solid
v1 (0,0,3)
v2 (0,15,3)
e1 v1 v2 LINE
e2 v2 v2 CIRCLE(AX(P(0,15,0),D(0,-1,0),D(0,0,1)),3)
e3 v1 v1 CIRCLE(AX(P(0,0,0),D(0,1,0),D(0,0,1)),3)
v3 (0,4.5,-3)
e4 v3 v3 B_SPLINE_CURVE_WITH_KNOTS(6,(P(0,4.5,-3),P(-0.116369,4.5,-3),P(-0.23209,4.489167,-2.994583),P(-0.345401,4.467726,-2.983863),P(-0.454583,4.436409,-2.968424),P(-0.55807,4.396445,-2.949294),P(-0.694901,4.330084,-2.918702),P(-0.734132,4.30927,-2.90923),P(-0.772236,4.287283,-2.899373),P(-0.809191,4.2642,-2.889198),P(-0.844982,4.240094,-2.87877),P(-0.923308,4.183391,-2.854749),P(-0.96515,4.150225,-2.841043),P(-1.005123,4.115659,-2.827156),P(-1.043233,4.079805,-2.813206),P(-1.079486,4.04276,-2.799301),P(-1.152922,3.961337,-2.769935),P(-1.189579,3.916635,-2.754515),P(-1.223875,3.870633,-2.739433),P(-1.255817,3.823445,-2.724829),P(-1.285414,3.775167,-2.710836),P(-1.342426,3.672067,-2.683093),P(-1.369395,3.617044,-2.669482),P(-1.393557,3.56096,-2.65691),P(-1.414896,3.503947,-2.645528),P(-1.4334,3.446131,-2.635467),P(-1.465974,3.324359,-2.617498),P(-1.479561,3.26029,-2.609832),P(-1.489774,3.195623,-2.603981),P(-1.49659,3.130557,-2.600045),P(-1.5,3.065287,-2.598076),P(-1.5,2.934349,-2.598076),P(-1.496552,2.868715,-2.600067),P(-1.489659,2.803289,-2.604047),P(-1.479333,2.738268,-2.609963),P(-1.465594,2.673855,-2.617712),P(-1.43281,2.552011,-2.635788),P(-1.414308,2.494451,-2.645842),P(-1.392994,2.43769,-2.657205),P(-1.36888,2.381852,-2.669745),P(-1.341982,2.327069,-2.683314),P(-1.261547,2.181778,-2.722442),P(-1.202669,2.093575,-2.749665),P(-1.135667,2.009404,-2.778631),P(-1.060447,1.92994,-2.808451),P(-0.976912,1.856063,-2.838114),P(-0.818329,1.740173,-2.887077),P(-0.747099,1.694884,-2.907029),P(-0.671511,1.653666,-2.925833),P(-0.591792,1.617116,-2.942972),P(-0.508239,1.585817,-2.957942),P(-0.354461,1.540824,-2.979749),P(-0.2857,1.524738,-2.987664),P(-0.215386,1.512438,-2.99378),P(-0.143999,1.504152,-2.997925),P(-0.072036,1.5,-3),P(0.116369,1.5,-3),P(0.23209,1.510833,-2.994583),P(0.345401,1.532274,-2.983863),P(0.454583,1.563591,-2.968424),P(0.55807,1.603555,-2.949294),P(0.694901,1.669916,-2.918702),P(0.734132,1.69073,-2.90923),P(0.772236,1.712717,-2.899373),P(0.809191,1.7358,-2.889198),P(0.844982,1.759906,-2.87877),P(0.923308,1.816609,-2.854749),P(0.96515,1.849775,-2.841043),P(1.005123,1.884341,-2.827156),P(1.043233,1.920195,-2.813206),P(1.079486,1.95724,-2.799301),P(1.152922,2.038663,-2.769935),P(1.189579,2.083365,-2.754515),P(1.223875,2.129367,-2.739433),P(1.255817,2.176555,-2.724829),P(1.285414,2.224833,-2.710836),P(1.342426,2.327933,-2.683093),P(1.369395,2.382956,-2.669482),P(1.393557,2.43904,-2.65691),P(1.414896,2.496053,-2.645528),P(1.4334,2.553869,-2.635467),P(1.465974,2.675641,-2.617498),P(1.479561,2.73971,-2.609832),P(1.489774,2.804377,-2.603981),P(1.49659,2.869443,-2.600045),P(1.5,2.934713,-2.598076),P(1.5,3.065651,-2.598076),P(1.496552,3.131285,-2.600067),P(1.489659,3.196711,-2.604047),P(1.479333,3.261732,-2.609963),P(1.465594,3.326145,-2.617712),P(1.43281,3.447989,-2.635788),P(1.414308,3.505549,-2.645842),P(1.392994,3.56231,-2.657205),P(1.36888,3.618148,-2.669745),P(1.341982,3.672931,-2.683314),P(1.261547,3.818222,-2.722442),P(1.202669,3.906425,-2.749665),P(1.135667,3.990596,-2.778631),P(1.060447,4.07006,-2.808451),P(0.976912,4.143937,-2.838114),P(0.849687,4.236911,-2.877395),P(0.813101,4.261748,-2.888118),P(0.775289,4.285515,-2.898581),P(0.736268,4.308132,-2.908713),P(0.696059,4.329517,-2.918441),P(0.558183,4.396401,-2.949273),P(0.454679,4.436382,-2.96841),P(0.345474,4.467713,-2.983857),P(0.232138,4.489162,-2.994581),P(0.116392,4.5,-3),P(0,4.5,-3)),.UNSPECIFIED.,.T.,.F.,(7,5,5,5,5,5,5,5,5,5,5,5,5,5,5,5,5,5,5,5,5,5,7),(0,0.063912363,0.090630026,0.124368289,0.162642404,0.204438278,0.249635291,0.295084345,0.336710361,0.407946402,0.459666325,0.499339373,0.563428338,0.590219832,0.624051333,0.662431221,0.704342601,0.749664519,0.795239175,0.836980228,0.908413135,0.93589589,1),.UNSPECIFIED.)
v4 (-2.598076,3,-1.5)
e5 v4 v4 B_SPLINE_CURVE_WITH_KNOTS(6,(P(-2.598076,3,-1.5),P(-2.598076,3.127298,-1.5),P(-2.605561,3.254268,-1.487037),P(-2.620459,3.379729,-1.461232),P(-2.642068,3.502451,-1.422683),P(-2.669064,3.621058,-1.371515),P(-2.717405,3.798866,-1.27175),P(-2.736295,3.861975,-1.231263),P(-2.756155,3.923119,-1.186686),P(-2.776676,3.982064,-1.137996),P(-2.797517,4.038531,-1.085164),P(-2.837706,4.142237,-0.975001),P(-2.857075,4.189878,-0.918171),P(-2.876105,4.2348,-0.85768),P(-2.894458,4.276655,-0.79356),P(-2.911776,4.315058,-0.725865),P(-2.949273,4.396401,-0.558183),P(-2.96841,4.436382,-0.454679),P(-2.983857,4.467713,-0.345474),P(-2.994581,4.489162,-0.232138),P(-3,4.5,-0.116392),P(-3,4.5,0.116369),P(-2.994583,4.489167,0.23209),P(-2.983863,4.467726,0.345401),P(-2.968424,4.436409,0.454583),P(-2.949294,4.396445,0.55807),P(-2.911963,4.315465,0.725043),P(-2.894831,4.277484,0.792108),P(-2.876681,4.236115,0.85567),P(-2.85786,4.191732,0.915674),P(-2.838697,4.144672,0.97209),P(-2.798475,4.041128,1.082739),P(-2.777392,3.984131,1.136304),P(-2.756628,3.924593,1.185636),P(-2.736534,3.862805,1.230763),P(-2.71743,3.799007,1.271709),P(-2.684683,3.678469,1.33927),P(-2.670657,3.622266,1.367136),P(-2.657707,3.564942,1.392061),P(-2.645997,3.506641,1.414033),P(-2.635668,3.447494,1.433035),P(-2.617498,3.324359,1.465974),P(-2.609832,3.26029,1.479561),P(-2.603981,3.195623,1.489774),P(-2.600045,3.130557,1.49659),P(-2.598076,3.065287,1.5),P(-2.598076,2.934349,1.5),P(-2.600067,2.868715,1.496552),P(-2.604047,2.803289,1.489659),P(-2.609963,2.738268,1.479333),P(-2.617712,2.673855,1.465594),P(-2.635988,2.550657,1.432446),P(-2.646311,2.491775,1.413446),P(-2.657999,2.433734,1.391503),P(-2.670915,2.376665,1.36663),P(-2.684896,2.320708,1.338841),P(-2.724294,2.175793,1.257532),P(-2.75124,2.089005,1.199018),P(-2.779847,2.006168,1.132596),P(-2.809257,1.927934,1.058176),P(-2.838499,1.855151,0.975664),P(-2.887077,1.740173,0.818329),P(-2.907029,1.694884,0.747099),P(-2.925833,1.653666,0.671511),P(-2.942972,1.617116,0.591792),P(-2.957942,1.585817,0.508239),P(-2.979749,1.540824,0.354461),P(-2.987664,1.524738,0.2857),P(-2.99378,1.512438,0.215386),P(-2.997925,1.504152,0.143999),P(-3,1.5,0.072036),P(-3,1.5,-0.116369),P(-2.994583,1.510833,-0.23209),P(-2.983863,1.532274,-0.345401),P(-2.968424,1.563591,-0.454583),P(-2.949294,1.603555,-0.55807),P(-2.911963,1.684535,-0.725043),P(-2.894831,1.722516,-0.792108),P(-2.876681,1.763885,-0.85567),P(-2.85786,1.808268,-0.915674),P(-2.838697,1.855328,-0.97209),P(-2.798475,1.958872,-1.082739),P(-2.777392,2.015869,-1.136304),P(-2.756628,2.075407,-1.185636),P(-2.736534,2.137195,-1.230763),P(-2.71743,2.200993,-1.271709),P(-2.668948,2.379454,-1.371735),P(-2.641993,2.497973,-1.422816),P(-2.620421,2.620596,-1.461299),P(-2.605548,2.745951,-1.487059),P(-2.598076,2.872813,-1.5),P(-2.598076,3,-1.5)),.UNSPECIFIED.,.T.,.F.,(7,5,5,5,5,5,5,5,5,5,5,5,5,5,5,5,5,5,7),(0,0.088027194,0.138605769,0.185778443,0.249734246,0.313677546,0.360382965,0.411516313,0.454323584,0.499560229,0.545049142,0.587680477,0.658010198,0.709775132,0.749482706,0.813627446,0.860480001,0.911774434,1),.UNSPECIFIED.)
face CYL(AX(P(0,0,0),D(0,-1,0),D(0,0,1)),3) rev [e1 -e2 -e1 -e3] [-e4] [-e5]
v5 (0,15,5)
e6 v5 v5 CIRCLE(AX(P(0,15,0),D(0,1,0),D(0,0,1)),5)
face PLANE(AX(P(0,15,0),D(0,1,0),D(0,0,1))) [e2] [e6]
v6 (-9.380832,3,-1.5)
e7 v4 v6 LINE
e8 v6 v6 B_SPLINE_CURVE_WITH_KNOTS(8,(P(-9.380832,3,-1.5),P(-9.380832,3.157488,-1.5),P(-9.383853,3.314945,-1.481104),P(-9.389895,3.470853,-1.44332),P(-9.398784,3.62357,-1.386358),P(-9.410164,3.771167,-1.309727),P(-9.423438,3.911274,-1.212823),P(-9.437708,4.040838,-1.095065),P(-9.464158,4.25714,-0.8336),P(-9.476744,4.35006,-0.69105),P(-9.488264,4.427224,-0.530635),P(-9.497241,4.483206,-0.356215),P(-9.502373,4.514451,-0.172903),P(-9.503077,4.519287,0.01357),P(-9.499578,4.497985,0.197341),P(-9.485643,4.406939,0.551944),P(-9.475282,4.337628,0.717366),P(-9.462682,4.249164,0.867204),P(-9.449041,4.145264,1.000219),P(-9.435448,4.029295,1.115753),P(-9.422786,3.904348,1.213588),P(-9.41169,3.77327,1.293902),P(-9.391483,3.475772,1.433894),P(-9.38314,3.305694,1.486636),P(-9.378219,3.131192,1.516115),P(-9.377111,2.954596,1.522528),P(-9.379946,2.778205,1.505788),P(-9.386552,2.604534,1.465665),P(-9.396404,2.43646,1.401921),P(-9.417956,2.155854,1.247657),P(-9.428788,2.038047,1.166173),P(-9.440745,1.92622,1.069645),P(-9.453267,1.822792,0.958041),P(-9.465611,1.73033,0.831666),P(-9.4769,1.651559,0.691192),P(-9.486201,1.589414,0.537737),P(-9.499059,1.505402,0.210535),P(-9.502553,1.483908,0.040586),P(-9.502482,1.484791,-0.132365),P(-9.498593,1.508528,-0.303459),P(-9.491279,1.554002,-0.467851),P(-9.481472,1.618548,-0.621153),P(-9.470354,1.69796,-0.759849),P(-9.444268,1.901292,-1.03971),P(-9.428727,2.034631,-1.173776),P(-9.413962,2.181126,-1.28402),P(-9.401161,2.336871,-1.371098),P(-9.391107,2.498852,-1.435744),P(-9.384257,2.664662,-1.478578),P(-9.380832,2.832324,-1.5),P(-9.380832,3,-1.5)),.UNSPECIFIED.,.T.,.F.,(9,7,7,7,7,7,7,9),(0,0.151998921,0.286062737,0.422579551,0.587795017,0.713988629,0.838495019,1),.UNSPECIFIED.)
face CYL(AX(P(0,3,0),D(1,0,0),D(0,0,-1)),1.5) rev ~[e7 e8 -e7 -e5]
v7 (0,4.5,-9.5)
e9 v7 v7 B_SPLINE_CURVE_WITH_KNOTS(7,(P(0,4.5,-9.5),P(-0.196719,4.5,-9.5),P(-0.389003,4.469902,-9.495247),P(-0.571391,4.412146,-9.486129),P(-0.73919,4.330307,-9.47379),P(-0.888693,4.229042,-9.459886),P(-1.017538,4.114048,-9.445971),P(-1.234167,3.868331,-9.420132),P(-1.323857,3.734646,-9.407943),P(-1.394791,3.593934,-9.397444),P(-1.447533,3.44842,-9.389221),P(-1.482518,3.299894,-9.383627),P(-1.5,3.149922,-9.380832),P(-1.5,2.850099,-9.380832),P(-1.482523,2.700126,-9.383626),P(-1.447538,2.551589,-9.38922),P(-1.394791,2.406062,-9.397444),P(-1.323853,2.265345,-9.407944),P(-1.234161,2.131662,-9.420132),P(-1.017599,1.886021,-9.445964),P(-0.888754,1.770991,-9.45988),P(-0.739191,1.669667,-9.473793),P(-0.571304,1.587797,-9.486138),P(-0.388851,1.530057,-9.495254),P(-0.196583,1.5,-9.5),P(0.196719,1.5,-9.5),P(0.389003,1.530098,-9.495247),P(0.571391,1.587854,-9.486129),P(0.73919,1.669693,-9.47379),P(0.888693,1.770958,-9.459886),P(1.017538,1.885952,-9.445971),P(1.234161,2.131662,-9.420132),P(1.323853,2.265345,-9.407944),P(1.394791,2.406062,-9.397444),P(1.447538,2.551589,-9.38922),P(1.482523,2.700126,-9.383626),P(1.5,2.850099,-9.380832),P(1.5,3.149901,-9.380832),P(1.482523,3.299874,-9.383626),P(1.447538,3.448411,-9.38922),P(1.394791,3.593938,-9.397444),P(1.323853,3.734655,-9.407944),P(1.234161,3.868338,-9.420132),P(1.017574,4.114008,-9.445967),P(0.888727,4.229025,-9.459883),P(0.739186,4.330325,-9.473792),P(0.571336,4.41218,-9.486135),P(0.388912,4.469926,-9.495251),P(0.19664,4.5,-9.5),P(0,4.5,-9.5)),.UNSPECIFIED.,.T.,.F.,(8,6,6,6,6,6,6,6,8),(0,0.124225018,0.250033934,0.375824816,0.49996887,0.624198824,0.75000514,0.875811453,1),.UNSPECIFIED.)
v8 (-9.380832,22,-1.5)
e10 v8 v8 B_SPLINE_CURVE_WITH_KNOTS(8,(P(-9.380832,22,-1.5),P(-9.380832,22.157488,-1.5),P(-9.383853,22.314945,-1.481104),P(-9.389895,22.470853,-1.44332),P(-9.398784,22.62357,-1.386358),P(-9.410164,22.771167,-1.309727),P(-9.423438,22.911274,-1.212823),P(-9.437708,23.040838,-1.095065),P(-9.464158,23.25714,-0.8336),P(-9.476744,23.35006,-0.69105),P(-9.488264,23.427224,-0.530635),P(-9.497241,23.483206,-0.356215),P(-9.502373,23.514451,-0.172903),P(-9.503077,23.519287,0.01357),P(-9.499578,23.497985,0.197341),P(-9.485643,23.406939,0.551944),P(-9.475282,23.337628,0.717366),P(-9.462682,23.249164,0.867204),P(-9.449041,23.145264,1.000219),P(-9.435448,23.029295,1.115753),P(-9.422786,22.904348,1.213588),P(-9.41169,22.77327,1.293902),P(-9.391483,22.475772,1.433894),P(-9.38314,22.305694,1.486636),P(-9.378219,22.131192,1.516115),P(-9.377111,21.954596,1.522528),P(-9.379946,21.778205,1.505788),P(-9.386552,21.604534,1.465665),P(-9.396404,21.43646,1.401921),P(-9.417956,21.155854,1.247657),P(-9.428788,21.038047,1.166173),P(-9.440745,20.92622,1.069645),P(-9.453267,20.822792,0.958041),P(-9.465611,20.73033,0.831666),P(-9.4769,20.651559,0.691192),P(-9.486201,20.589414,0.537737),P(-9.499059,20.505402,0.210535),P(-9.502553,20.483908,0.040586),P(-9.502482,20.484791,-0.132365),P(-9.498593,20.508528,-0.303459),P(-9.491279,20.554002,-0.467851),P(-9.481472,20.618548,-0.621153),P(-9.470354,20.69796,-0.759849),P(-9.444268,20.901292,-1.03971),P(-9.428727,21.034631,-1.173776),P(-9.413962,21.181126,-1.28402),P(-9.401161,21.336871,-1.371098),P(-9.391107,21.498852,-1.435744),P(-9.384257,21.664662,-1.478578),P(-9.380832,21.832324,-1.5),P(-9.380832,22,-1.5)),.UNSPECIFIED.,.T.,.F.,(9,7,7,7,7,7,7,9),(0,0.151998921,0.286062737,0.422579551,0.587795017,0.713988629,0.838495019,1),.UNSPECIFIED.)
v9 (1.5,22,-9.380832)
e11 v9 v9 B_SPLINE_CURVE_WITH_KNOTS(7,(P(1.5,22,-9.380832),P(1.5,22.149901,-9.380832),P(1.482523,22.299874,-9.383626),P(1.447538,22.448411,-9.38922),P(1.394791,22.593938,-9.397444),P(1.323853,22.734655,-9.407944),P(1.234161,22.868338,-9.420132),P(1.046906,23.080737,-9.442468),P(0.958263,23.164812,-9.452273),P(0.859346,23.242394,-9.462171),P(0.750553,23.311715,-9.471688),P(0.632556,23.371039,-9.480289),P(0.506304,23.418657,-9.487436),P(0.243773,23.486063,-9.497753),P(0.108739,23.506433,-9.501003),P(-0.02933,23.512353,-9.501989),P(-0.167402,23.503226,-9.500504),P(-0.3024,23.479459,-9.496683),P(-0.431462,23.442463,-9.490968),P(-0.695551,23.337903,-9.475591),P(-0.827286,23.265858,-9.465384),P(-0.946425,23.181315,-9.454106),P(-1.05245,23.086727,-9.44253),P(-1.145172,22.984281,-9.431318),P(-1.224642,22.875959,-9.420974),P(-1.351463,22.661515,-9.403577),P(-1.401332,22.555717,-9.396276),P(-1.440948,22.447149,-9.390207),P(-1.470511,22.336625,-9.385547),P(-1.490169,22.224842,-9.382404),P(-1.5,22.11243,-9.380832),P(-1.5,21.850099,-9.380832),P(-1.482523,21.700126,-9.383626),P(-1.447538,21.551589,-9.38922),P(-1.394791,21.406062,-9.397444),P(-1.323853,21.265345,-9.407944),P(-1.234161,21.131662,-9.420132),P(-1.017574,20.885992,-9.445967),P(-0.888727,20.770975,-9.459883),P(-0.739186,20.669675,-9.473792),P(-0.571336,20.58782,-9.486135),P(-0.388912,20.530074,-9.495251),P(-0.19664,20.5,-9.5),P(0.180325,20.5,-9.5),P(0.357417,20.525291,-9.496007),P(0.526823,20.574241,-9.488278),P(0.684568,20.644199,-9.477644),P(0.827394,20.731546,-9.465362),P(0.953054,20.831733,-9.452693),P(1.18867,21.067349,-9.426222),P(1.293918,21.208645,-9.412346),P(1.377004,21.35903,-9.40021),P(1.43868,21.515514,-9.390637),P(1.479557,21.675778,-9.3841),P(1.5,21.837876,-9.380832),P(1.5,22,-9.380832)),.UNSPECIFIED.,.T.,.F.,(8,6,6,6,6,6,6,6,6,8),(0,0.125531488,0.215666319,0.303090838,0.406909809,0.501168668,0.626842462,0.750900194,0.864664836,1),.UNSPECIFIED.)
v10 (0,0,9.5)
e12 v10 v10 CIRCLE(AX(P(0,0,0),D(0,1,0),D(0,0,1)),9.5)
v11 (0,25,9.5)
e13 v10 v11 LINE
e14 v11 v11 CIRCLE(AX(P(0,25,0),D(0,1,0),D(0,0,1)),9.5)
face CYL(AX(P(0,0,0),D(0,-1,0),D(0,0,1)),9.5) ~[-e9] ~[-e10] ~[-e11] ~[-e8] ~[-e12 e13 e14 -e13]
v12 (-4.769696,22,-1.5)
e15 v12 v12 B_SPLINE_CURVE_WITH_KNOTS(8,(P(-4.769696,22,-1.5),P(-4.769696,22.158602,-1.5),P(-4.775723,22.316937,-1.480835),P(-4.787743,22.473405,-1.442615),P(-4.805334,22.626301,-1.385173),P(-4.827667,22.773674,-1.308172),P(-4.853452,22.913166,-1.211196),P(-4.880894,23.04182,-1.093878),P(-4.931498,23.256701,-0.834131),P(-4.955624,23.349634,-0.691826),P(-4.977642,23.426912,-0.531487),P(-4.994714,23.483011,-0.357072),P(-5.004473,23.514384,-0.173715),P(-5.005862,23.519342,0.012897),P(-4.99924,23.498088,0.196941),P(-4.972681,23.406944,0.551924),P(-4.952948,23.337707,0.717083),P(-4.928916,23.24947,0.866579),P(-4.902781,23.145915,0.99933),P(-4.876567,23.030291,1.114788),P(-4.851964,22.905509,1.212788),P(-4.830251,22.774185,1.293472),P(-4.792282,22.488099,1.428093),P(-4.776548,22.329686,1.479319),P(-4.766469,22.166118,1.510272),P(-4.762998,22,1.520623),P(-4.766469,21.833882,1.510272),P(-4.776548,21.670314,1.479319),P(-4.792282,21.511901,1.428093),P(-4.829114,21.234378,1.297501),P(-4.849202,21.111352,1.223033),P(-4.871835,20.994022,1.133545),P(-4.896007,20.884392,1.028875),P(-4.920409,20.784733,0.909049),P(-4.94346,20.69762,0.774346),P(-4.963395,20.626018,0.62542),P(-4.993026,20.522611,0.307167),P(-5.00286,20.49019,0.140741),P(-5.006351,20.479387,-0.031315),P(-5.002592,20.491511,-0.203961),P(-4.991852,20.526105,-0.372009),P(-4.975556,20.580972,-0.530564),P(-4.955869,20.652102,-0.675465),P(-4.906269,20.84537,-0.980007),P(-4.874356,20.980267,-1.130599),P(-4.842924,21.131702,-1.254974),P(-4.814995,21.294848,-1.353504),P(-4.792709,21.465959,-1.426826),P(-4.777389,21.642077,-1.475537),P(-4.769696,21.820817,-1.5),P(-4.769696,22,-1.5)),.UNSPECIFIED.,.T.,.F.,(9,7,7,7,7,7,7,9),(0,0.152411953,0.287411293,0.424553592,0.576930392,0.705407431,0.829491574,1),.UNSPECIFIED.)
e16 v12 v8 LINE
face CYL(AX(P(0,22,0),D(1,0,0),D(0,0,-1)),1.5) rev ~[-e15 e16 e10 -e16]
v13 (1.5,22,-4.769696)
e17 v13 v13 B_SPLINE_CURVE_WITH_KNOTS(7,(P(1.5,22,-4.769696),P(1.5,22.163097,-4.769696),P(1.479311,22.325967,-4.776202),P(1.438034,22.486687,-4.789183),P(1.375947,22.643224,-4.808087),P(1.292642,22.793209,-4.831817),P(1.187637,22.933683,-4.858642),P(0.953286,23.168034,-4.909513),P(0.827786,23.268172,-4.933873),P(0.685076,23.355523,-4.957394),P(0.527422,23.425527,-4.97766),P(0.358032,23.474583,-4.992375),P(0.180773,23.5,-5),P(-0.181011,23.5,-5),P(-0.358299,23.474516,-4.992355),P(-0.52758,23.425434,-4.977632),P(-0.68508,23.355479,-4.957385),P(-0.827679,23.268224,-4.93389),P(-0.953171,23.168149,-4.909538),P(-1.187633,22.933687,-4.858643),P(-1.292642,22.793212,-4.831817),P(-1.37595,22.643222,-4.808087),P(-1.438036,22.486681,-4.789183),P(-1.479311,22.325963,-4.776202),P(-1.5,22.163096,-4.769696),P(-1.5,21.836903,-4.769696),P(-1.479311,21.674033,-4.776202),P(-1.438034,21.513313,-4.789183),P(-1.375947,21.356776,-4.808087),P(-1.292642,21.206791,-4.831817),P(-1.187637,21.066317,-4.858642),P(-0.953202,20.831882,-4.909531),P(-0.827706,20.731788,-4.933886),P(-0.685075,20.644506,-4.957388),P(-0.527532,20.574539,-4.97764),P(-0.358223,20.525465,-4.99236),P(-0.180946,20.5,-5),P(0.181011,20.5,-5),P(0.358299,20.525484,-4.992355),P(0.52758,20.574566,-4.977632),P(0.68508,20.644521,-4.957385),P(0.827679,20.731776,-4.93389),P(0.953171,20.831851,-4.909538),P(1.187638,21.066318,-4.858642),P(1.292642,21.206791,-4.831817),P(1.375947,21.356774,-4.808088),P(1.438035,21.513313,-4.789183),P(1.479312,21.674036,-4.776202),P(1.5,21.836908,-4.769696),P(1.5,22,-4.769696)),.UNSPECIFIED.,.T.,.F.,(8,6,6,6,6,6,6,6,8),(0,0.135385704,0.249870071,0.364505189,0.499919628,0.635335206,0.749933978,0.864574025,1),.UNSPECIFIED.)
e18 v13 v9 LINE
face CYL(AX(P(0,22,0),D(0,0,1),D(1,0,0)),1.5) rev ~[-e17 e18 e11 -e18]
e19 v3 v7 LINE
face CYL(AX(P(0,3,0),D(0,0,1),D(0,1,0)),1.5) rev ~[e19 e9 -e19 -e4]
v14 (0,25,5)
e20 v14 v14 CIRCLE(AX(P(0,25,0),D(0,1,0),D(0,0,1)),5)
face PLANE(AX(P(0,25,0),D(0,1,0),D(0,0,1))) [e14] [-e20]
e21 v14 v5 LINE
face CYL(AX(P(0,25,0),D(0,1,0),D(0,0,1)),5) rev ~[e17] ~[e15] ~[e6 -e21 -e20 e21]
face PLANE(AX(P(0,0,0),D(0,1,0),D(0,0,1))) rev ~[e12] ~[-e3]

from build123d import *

# Parameters (mm, degrees)
SKETCH_1_R          = 9.5
SKETCH_1_R_2        = 3
EXTRUDE_1_DEPTH     = 25
SKETCH_2_R          = 5
CUT_EXTRUDE_1_DEPTH = 10
SKETCH_3_R          = 1.5
CUT_EXTRUDE_2_DEPTH = 10
SKETCH_4_R          = 1.5
CUT_EXTRUDE_3_DEPTH = 10


with BuildPart() as part:
    # 草图1 → 凸台-拉伸1 (new body)
    with BuildSketch(Plane(origin=(0, 0, 0), x_dir=(1, 0, 0), z_dir=(0, 1, 0))):
        with Locations(Location((0, 0, 0), (0, 0, 270))):
            Circle(SKETCH_1_R)
        with Locations(Location((0, 0, 0), (0, 0, 270))):
            Circle(SKETCH_1_R_2, mode=Mode.SUBTRACT)
    extrude(amount=EXTRUDE_1_DEPTH)

    # 草图2 → 切除-拉伸1 (cut)
    with BuildSketch(Plane(origin=(0, 25, 0), x_dir=(1, 0, 0), z_dir=(0, 1, 0))):
        with Locations(Location((0, 0, 0), (0, 0, 270))):
            Circle(SKETCH_2_R)
    extrude(amount=-CUT_EXTRUDE_1_DEPTH, mode=Mode.SUBTRACT)

    # 草图3 → 切除-拉伸2 (cut)
    with BuildSketch(Plane(origin=(0, 0, 0), x_dir=(0, 0, -1), z_dir=(1, 0, 0))):
        with Locations((0, 3)):
            Circle(SKETCH_3_R)
        with Locations((0, 22)):
            Circle(SKETCH_3_R)
    extrude(amount=-CUT_EXTRUDE_2_DEPTH, mode=Mode.SUBTRACT)

    # 草图4 → 切除-拉伸3 (cut)
    with BuildSketch(Plane.XY):
        with Locations(Location((0, 3, 0), (0, 0, 90))):
            Circle(SKETCH_4_R)
        with Locations((0, 22)):
            Circle(SKETCH_4_R)
    extrude(amount=-CUT_EXTRUDE_3_DEPTH, mode=Mode.SUBTRACT)


solid = part.part
